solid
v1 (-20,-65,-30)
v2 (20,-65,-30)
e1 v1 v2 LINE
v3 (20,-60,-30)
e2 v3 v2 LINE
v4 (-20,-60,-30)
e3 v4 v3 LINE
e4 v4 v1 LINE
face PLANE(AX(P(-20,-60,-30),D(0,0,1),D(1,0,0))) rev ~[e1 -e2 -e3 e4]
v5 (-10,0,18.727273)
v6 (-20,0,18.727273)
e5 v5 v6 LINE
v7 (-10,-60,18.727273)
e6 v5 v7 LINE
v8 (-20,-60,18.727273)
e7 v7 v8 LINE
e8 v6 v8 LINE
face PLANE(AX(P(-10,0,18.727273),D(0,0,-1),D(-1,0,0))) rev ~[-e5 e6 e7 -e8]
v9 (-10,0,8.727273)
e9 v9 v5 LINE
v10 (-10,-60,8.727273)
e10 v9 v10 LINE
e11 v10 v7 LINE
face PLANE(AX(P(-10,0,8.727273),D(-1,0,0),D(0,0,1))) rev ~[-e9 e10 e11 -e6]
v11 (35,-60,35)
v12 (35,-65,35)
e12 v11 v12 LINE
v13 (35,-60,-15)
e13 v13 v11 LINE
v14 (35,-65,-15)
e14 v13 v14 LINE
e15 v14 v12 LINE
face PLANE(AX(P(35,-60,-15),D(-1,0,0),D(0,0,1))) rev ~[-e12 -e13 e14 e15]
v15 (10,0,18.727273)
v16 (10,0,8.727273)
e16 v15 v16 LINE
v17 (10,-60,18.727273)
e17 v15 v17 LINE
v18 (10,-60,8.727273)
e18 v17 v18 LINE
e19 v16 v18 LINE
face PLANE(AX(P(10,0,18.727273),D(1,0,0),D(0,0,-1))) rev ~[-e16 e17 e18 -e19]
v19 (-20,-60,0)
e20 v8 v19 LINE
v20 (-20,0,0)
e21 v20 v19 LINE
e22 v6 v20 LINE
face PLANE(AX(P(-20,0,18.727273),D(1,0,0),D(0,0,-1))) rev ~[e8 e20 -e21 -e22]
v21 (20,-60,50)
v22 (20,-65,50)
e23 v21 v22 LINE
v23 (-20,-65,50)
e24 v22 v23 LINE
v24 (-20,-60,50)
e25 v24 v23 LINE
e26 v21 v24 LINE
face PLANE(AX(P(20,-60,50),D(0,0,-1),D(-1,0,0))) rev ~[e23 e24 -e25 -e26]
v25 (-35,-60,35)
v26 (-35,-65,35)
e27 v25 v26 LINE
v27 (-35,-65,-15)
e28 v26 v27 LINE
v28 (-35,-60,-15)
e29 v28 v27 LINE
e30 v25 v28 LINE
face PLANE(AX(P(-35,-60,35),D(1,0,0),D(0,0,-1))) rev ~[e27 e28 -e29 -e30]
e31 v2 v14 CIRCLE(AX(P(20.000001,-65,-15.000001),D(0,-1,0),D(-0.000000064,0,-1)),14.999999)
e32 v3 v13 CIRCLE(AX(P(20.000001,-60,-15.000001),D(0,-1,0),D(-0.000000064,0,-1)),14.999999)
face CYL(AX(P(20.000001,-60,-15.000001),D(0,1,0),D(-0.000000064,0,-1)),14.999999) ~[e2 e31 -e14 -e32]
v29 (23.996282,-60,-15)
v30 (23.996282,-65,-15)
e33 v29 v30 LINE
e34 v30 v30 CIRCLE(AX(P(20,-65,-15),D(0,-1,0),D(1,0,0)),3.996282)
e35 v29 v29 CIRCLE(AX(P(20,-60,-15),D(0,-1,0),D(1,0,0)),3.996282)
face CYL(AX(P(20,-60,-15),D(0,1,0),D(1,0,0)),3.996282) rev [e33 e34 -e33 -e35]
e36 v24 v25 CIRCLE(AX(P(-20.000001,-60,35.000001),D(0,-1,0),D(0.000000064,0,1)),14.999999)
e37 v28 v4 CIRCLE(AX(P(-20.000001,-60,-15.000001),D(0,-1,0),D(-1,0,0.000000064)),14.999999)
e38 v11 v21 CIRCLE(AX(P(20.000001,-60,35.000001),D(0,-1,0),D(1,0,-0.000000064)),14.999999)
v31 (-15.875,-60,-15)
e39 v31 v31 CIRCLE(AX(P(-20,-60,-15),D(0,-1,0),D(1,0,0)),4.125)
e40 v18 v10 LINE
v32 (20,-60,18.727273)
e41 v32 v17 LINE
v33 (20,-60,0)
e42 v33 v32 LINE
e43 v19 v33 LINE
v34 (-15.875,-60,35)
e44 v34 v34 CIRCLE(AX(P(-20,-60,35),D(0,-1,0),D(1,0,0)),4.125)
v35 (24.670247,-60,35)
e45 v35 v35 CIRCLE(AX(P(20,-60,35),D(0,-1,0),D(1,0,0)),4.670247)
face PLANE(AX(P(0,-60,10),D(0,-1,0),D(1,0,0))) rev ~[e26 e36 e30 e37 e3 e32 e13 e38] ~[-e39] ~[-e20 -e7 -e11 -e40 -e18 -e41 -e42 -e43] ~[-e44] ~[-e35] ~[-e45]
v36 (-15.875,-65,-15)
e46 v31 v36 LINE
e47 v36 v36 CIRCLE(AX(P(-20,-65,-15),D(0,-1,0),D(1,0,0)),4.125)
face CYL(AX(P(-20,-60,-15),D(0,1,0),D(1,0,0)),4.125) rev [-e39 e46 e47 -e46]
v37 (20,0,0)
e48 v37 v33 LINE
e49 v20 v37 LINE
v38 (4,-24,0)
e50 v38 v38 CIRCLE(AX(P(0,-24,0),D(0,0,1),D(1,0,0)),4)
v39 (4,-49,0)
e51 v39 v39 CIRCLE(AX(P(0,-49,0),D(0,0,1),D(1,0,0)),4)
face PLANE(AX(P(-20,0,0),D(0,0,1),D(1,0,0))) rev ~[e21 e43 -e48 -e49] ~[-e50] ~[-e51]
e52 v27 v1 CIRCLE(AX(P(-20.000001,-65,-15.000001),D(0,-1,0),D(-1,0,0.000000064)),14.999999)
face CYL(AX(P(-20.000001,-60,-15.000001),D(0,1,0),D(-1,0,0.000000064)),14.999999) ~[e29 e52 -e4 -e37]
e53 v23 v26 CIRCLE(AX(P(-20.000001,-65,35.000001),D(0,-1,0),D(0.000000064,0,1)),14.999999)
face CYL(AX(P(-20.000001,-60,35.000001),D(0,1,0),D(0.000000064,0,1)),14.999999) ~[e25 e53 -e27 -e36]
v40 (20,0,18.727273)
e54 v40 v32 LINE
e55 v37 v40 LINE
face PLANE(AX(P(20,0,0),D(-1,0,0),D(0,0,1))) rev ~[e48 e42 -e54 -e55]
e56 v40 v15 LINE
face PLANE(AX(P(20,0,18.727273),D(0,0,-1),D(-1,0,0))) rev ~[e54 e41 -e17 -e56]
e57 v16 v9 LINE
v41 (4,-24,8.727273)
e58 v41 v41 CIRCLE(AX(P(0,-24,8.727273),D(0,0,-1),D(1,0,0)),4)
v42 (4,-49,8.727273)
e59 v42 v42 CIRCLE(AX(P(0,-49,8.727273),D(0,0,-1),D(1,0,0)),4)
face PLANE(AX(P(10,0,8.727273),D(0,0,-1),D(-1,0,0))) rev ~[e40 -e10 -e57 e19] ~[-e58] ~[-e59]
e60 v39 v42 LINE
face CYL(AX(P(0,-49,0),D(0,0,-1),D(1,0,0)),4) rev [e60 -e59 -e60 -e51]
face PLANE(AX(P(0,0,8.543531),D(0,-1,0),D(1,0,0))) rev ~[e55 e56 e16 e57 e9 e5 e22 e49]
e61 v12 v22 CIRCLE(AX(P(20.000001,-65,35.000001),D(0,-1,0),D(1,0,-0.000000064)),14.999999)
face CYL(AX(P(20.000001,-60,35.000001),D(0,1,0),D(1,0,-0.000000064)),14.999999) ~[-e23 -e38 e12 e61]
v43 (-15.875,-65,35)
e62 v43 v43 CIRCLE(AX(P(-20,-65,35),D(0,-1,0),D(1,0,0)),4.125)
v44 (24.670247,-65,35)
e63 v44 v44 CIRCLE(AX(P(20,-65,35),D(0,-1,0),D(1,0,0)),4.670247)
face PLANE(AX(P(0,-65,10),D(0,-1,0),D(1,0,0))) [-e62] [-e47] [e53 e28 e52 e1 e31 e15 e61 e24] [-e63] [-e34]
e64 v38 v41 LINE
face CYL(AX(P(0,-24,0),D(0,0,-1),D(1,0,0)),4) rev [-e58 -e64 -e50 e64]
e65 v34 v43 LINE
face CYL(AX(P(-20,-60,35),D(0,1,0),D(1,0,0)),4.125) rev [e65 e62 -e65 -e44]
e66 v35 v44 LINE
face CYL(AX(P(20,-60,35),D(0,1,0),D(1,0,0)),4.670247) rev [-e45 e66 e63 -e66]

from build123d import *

# Parameters (mm, degrees)
F1_DEPTH = 60
F2_R     = 4.125
F2_R_2   = 3.996282
F2_R_3   = 4.670247
F3_DEPTH = 5
F4_R     = 4
F5_DEPTH = 50.001


with BuildPart() as f1:
    # F0 (on Front) → F1 (new body)
    with BuildSketch(Plane.XZ):
        Polygon((-20, 18.727273), (-20, 0), (20, 0), (20, 18.727273), (10, 18.727273), (10, 8.727273), (-10, 8.727273), (-10, 18.727273), align=None)
    extrude(amount=F1_DEPTH)

    # F2 (on face) → F3 (join)
    with BuildSketch(Plane.XZ.offset(60)):
        with BuildLine():
            Line((20, 50), (-20, 50))
            ThreePointArc((-20, 50), (-30.606602, 45.606602), (-35, 35))
            Line((-35, 35), (-35, -15))
            ThreePointArc((-35, -15), (-30.606602, -25.606602), (-20, -30))
            Line((-20, -30), (20, -30))
            ThreePointArc((20, -30), (30.606602, -25.606602), (35, -15))
            Line((35, -15), (35, 35))
            ThreePointArc((35, 35), (30.606602, 45.606602), (20, 50))
        make_face()
        with Locations((-20, -15)):
            Circle(F2_R, mode=Mode.SUBTRACT)
        with Locations((20, -15)):
            Circle(F2_R_2, mode=Mode.SUBTRACT)
        with Locations((-20, 35)):
            Circle(F2_R, mode=Mode.SUBTRACT)
        with Locations((20, 35)):
            Circle(F2_R_3, mode=Mode.SUBTRACT)
    extrude(amount=F3_DEPTH)

    # F4 (on Top) → F5 (cut, through all)
    with BuildSketch(Plane.XY):
        with Locations((0, -49)):
            Circle(F4_R)
        with Locations((0, -24)):
            Circle(F4_R)
    extrude(amount=F5_DEPTH, mode=Mode.SUBTRACT)


solid = f1.part
